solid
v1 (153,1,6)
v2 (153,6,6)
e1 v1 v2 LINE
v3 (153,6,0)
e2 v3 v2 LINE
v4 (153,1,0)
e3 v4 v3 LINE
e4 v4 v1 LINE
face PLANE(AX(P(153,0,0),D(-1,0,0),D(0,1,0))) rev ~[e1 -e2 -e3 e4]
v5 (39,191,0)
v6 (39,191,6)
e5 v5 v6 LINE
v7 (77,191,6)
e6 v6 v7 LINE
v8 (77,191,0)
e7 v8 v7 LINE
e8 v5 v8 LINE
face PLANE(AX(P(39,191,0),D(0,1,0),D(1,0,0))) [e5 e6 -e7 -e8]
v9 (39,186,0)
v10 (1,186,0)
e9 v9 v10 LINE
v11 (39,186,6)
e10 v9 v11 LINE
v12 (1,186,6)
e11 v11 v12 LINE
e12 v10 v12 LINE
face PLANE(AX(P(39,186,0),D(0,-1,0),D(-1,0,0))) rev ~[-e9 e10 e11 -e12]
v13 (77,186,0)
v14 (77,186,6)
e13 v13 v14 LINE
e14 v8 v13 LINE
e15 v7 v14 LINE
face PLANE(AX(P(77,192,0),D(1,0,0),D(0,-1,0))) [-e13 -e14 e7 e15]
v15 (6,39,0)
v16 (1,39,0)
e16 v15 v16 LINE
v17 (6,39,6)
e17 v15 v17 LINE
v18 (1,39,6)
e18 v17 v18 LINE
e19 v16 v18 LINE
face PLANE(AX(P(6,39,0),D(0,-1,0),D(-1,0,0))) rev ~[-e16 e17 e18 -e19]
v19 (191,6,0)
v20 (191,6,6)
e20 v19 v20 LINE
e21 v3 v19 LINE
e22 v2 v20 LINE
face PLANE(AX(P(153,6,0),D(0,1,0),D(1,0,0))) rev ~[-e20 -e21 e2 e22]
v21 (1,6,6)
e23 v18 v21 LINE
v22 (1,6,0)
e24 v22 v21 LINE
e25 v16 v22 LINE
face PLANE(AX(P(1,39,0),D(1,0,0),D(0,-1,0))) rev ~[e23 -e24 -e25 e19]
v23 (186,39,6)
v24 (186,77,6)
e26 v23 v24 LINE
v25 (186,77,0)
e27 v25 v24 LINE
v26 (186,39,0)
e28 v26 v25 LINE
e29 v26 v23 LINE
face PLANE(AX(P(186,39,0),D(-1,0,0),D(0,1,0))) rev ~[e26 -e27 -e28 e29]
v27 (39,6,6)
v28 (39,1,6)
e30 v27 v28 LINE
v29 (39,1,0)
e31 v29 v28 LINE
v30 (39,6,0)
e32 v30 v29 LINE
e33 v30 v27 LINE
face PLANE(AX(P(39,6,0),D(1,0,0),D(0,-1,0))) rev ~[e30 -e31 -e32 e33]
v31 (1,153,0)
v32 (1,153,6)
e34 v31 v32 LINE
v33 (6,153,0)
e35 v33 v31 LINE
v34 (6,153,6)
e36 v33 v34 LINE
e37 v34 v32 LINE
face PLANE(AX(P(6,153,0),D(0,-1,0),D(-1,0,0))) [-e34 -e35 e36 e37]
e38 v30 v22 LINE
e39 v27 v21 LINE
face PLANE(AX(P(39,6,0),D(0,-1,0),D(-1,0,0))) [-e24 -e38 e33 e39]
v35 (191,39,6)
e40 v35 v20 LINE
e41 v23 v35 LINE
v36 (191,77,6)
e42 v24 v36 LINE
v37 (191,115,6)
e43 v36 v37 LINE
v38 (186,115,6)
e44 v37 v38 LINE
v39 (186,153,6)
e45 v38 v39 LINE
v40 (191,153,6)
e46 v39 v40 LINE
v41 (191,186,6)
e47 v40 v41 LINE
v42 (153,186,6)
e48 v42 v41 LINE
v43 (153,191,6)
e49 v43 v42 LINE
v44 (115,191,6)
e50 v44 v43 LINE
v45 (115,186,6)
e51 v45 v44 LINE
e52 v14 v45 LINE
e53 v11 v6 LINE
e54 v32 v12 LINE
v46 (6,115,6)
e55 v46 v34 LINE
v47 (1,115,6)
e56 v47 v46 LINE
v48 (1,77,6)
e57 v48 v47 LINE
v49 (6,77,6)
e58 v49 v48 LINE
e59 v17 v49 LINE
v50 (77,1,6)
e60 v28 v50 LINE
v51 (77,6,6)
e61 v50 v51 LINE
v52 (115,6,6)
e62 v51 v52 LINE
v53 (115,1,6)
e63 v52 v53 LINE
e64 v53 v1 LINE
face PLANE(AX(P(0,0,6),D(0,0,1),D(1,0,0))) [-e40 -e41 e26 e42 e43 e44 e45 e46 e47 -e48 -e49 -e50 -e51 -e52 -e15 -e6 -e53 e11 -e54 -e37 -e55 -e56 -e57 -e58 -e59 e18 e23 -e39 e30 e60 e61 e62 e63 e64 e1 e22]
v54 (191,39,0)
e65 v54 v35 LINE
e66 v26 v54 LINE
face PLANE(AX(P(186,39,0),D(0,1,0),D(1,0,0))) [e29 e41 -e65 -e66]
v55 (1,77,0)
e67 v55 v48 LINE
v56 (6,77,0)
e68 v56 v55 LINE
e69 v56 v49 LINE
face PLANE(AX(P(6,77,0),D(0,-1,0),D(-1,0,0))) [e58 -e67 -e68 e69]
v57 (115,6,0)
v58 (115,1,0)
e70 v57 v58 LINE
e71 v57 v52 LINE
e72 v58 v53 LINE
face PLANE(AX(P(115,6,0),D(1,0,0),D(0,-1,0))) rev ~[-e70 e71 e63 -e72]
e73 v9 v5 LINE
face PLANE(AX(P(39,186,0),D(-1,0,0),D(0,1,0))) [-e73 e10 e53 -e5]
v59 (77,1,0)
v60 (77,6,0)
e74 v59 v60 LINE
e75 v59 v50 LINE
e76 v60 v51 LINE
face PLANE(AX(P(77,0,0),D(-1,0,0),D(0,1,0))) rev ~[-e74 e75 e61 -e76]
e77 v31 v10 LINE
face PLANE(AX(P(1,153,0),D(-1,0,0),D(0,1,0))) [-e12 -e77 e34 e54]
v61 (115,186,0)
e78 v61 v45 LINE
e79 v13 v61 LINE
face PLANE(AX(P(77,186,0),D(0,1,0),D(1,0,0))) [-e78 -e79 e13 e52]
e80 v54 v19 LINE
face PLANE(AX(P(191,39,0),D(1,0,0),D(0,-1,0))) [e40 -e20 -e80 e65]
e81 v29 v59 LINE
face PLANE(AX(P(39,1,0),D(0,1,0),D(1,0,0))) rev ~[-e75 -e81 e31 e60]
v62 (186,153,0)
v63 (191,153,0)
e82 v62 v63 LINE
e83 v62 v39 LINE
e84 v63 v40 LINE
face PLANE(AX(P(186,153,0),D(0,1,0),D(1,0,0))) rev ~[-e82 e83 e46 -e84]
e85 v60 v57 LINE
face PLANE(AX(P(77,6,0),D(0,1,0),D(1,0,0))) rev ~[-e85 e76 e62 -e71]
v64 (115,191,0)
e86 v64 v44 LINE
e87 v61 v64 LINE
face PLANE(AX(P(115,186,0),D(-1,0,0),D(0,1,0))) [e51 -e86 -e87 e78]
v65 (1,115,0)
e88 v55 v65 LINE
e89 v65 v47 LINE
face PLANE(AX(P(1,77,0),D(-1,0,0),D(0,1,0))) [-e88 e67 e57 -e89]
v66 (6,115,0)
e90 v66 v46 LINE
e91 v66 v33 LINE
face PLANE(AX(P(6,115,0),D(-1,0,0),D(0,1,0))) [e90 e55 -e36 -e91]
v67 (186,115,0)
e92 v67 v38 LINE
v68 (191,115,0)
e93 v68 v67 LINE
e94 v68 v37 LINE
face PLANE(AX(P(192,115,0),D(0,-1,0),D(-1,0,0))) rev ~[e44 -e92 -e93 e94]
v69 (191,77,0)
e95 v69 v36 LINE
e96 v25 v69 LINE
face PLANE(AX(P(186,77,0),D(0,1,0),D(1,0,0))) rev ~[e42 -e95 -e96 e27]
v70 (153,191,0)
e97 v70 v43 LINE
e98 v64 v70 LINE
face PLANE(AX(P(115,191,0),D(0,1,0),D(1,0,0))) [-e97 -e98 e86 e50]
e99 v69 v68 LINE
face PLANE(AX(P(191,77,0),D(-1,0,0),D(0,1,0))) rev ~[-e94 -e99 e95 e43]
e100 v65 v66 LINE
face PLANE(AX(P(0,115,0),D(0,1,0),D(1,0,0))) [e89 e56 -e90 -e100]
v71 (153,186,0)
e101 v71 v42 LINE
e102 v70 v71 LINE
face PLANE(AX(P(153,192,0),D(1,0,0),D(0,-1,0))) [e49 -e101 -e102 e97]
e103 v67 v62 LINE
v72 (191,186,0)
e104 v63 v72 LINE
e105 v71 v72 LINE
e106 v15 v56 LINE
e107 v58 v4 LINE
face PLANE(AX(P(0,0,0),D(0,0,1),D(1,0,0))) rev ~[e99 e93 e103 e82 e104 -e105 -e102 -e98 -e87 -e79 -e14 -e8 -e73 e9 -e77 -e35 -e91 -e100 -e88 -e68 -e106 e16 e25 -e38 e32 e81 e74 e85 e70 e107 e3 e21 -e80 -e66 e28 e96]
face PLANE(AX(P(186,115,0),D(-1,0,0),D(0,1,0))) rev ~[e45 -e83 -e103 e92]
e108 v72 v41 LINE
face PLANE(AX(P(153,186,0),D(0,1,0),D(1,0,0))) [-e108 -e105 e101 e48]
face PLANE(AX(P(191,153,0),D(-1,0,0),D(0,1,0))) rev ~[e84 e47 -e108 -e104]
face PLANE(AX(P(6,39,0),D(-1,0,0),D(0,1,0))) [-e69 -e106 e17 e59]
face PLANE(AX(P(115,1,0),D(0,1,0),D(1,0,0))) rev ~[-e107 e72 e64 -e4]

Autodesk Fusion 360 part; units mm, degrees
sketch "Sketch1" plane through (0, 0, 0) normal (0, 0, 1) x (1, 0, 0)
  line L0 (39, 192) -> (77, 192)
  line L1 (77, 192) -> (77, 186)
  line L2 (39, 186) -> (39, 192)
  line L3 (115, 192) -> (153, 192)
  line L4 (153, 192) -> (153, 186)
  line L5 (115, 186) -> (115, 192)
  line L6 (39, 186) -> (0, 186)
  line L7 (77, 186) -> (115, 186)
  line L8 (153, 186) -> (192, 186)
  line L9 (39, 6) -> (0, 6)
  line L10 (39, 6) -> (39, 0)
  line L11 (39, 0) -> (77, 0)
  line L12 (77, 0) -> (77, 6)
  line L13 (77, 6) -> (115, 6)
  line L14 (115, 6) -> (115, 0)
  line L15 (115, 0) -> (153, 0)
  line L16 (153, 0) -> (153, 6)
  line L17 (153, 192) -> (115, 192)
  line L18 (77, 192) -> (39, 192)
  line L19 (39, 0) -> (77, 0)
  line L20 (115, 0) -> (153, 0)
  line L21 (6, 153) -> (0, 153)
  line L22 (0, 153) -> (0, 186)
  line L23 (6, 39) -> (0, 39)
  line L24 (0, 39) -> (0, 6)
  line L25 (0, 115) -> (6, 115)
  line L26 (6, 77) -> (0, 77)
  line L27 (0, 77) -> (0, 115)
  line L28 (6, 39) -> (6, 77)
  line L29 (6, 115) -> (6, 153)
  line L30 (192, 153) -> (192, 186)
  line L31 (186, 153) -> (192, 153)
  line L32 (186, 115) -> (186, 153)
  line L33 (192, 115) -> (186, 115)
  line L34 (192, 77) -> (192, 115)
  line L35 (186, 77) -> (192, 77)
  line L36 (186, 39) -> (186, 77)
  line L37 (186, 39) -> (192, 39)
  line L38 (192, 39) -> (192, 6)
  line L39 (192, 153) -> (192, 186)
  line L40 (192, 6) -> (192, 39)
  line L41 (192, 77) -> (192, 115)
  line L42 (0, 39) -> (0, 6)
  line L43 (0, 186) -> (0, 153)
  line L44 (0, 115) -> (0, 77)
  line L45 (153, 6) -> (192, 6)
  line L46 (5.915, 152.915) -> (-0.085, 152.915)
  line L47 (-0.085, 186.085) -> (-0.085, 152.915)
  line L48 (38.915, 186.085) -> (-0.085, 186.085)
  line L49 (38.915, 186.085) -> (38.915, 192.085)
  line L50 (77.085, 192.085) -> (38.915, 192.085)
  line L51 (77.085, 192.085) -> (77.085, 186.085)
  line L52 (77.085, 186.085) -> (114.915, 186.085)
  line L53 (114.915, 186.085) -> (114.915, 192.085)
  line L54 (114.915, 192.085) -> (153.085, 192.085)
  line L55 (153.085, 192.085) -> (153.085, 186.085)
  line L56 (153.085, 186.085) -> (192.085, 186.085)
  line L57 (192.085, 152.915) -> (192.085, 186.085)
  line L58 (186.085, 152.915) -> (192.085, 152.915)
  line L59 (186.085, 115.085) -> (186.085, 152.915)
  line L60 (192.085, 115.085) -> (186.085, 115.085)
  line L61 (192.085, 76.915) -> (192.085, 115.085)
  line L62 (186.085, 76.915) -> (192.085, 76.915)
  line L63 (186.085, 39.085) -> (186.085, 76.915)
  line L64 (186.085, 39.085) -> (192.085, 39.085)
  line L65 (192.085, 39.085) -> (192.085, 5.915)
  line L66 (153.085, 5.915) -> (192.085, 5.915)
  line L67 (153.085, -0.085) -> (153.085, 5.915)
  line L68 (114.915, -0.085) -> (153.085, -0.085)
  line L69 (114.915, 5.915) -> (114.915, -0.085)
  line L70 (77.085, 5.915) -> (114.915, 5.915)
  line L71 (77.085, -0.085) -> (77.085, 5.915)
  line L72 (38.915, -0.085) -> (77.085, -0.085)
  line L73 (38.915, 5.915) -> (38.915, -0.085)
  line L74 (38.915, 5.915) -> (-0.085, 5.915)
  line L75 (-0.085, 39.085) -> (-0.085, 5.915)
  line L76 (5.915, 39.085) -> (-0.085, 39.085)
  line L77 (5.915, 39.085) -> (5.915, 76.915)
  line L78 (5.915, 76.915) -> (-0.085, 76.915)
  line L79 (-0.085, 115.085) -> (-0.085, 76.915)
  line L80 (-0.085, 115.085) -> (5.915, 115.085)
  line L81 (5.915, 115.085) -> (5.915, 152.915)
  dimension "d3" = 38
  dimension "d4" = 6
  dimension "d5" = 38
  dimension "d6" = 6
  dimension "d7" = 39
  dimension "d8" = 39
  dimension "d10" = 33
  dimension "d12" = 33
  dimension "d13" = 6
  dimension "d14" = 38
  dimension "d15" = 38
  dimension "d16" = 38
  dimension "d19" = 0.085
extrude "Extrude1" add sketch "Sketch1" along normal blind 6 contours L0 L1 L2 L3 L4 L5 L6 L7 L8 L9 L10 L11 L12 L13 L14 L15 L16 L17 L18 L19 L20 L21 L22 L23 L24 L25 L26 L27 L28 L29 L30 L31 L32 L33 L34 L35 L36 L37 L38 L39 L40 L41 L42 L43 L44 L45
extrude "Extrude2" cut 2 faces at (51.6667, 192, 4) (127.6667, 192, 4) along direction (0, -1, 0) blind 1
extrude "Extrude3" cut 3 faces at (192, 28, 2) (192, 89.6667, 4) (192, 164, 4) along direction (-1, 0, 0) blind 1
extrude "Extrude4" cut 2 faces at (51.6667, 0, 4) (127.6667, 0, 4) along direction (0, 1, 0) blind 1
extrude "Extrude5" cut 3 faces at (0, 164, 4) (0, 89.6667, 4) (0, 28, 2) along direction (1, 0, 0) blind 1
